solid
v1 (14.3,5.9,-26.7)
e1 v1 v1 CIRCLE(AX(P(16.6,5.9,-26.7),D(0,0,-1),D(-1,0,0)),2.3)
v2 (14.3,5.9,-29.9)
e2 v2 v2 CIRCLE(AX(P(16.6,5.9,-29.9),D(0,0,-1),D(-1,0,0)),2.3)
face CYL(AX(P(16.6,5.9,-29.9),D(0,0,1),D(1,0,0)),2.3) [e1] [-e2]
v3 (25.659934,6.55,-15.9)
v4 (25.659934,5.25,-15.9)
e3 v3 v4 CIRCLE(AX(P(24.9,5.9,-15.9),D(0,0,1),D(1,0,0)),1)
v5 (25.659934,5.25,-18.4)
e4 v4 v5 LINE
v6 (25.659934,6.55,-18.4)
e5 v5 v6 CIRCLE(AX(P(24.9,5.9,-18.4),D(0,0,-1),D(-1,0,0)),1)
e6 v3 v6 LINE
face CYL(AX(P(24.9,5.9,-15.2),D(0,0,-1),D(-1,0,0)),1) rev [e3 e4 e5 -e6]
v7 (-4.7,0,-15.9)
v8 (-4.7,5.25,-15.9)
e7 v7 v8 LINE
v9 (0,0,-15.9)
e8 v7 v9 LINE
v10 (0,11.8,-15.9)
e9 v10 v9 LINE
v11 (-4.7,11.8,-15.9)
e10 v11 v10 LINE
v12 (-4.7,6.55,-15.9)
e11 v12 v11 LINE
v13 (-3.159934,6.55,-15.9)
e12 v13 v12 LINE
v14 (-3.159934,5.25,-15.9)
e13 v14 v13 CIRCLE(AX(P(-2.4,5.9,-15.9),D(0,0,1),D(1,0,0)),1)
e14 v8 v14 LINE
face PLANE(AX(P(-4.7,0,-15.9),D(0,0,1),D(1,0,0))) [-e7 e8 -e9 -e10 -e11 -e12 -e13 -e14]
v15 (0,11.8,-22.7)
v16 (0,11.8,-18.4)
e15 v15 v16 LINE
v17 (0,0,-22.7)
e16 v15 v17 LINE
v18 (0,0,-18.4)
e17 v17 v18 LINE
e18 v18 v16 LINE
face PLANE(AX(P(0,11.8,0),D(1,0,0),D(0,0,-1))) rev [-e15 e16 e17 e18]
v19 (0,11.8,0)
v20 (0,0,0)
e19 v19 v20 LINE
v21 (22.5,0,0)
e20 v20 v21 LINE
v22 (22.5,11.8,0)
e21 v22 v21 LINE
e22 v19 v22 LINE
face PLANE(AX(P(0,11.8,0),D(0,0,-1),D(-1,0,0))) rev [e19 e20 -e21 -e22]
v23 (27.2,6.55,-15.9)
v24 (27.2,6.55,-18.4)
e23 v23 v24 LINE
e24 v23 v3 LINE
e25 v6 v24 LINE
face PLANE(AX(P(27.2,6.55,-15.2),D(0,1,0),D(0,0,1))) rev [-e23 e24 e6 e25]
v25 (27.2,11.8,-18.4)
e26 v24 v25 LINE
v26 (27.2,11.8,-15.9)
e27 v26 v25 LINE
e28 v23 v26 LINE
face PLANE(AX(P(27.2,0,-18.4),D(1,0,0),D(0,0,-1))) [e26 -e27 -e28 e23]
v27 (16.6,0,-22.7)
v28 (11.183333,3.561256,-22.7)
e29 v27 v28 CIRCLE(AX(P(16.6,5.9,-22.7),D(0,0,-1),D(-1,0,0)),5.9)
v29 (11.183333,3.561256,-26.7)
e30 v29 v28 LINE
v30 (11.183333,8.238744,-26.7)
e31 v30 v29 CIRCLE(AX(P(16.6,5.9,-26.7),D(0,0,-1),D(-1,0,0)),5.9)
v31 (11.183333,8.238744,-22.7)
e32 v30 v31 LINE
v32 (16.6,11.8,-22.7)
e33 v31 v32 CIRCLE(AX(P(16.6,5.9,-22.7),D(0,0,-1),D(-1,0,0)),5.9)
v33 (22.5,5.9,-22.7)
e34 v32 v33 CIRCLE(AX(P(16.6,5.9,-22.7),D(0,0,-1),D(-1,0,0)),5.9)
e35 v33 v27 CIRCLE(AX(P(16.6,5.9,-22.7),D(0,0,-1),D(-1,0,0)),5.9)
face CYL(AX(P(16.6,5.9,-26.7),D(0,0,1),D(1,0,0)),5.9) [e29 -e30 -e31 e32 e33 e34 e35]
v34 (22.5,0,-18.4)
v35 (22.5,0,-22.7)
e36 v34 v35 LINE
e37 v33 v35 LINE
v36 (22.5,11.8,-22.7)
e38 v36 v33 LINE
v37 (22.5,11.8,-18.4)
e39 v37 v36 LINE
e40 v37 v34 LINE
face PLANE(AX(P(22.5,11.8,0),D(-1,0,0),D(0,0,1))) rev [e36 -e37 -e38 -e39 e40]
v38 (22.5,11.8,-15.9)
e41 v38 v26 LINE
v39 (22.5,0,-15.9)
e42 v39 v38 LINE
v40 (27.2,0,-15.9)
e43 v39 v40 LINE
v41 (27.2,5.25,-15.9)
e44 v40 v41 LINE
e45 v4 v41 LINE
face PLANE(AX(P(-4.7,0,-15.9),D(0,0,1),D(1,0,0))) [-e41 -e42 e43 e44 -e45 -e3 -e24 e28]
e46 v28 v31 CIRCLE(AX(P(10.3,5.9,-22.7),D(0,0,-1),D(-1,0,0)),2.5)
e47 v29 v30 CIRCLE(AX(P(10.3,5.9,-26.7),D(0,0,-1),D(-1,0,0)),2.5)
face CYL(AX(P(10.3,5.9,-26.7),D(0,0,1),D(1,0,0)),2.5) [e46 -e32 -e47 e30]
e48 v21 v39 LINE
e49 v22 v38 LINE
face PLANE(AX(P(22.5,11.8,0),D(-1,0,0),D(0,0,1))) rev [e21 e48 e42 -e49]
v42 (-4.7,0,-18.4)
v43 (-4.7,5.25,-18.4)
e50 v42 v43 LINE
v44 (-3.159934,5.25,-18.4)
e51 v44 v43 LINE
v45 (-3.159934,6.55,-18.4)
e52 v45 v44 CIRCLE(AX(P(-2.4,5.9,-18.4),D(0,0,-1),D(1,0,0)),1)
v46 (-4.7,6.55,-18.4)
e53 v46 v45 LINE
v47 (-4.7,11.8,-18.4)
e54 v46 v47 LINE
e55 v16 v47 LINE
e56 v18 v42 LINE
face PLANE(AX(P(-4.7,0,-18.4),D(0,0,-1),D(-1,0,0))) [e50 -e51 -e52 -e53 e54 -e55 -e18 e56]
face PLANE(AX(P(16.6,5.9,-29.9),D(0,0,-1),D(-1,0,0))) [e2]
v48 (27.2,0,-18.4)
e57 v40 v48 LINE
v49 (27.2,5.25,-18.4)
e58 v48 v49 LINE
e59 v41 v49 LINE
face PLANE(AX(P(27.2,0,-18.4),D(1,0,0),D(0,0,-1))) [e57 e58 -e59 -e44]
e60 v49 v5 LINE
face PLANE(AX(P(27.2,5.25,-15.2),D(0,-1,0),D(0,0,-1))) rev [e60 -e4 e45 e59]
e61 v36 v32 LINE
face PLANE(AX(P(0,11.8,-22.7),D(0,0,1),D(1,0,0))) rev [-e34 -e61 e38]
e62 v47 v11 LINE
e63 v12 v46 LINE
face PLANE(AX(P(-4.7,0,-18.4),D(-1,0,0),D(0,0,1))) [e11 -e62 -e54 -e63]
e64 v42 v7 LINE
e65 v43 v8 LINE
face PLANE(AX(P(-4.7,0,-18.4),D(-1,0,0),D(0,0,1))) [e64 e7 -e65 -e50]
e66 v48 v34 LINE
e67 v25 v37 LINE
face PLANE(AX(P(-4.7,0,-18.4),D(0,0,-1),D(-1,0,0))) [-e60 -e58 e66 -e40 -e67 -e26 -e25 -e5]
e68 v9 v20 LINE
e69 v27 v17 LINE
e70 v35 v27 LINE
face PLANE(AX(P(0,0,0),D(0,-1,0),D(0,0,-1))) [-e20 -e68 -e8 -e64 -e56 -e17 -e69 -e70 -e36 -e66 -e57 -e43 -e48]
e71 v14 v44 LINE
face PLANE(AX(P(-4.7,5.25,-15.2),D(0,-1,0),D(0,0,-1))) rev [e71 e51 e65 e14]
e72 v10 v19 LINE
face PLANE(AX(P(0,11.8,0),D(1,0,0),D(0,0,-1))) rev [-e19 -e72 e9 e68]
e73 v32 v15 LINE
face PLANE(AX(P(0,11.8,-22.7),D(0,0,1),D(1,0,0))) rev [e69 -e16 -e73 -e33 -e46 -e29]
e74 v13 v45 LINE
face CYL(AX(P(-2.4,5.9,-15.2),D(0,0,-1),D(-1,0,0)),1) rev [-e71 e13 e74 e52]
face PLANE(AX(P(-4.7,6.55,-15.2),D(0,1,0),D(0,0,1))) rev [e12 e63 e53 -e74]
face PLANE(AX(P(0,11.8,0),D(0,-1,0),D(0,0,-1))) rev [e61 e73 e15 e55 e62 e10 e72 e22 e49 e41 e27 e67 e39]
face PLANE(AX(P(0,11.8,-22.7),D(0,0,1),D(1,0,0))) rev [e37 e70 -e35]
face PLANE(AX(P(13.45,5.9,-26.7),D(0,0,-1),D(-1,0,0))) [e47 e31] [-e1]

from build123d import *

# Parameters (mm, degrees)
SKETCH1_W           = 22.5
SKETCH1_H           = 22.7
BOSS_EXTRUDE1_DEPTH = 11.8
SKETCH2_W           = 31.9
SKETCH2_H           = 2.5
BOSS_EXTRUDE2_DEPTH = 11.8
BOSS_EXTRUDE3_DEPTH = 4
SKETCH4_R           = 2.3
BOSS_EXTRUDE4_DEPTH = 3.2
CUT_EXTRUDE1_DEPTH  = 3.2


with BuildPart() as part:
    # Sketch1 → Boss-Extrude1 (new body)
    with BuildSketch(Plane(origin=(0, 0, 0), x_dir=(1, 0, 0), z_dir=(0, 1, 0))):
        with Locations((11.25, 11.35)):
            Rectangle(SKETCH1_W, SKETCH1_H)
    extrude(amount=BOSS_EXTRUDE1_DEPTH)

    # Sketch2 → Boss-Extrude2 (add)
    with BuildSketch(Plane(origin=(0, 11.8, 0), x_dir=(1, 0, 0), z_dir=(0, 1, 0))):
        with Locations((11.25, 17.15)):
            Rectangle(SKETCH2_W, SKETCH2_H)
    extrude(amount=-BOSS_EXTRUDE2_DEPTH)

    # Sketch3 → Boss-Extrude3 (add)
    with BuildSketch(Plane(origin=(0, 0, -22.7), x_dir=(-1, 0, 0), z_dir=(0, 0, -1))):
        with BuildLine():
            ThreePointArc((-11.183333333, 8.238743727), (-22.5, 5.9), (-11.183333333, 3.561256273))
            ThreePointArc((-11.183333333, 3.561256273), (-7.8, 5.9), (-11.183333333, 8.238743727))
        make_face()
    extrude(amount=BOSS_EXTRUDE3_DEPTH)

    # Sketch4 → Boss-Extrude4 (add)
    with BuildSketch(Plane(origin=(0, 0, -26.7), x_dir=(-1, 0, 0), z_dir=(0, 0, -1))):
        with Locations((-16.6, 5.9)):
            Circle(SKETCH4_R)
    extrude(amount=BOSS_EXTRUDE4_DEPTH)

    # Sketch5 → Cut-Extrude1 (cut)
    with BuildSketch(Plane(origin=(0, 0, -18.4), x_dir=(-1, 0, 0), z_dir=(0, 0, -1))):
        with BuildLine():
            Line((-27.2, 5.25), (-27.2, 6.55))
            Line((-27.2, 6.55), (-25.659934208, 6.55))
            ThreePointArc((-25.659934208, 6.55), (-23.9, 5.9), (-25.659934208, 5.25))
            Line((-25.659934208, 5.25), (-27.2, 5.25))
        make_face()
        with BuildLine():
            Line((4.7, 5.25), (3.159934208, 5.25))
            ThreePointArc((3.159934208, 5.25), (1.4, 5.9), (3.159934208, 6.55))
            Line((3.159934208, 6.55), (4.7, 6.55))
            Line((4.7, 6.55), (4.7, 5.25))
        make_face()
    extrude(amount=-CUT_EXTRUDE1_DEPTH, mode=Mode.SUBTRACT)


solid = part.part
